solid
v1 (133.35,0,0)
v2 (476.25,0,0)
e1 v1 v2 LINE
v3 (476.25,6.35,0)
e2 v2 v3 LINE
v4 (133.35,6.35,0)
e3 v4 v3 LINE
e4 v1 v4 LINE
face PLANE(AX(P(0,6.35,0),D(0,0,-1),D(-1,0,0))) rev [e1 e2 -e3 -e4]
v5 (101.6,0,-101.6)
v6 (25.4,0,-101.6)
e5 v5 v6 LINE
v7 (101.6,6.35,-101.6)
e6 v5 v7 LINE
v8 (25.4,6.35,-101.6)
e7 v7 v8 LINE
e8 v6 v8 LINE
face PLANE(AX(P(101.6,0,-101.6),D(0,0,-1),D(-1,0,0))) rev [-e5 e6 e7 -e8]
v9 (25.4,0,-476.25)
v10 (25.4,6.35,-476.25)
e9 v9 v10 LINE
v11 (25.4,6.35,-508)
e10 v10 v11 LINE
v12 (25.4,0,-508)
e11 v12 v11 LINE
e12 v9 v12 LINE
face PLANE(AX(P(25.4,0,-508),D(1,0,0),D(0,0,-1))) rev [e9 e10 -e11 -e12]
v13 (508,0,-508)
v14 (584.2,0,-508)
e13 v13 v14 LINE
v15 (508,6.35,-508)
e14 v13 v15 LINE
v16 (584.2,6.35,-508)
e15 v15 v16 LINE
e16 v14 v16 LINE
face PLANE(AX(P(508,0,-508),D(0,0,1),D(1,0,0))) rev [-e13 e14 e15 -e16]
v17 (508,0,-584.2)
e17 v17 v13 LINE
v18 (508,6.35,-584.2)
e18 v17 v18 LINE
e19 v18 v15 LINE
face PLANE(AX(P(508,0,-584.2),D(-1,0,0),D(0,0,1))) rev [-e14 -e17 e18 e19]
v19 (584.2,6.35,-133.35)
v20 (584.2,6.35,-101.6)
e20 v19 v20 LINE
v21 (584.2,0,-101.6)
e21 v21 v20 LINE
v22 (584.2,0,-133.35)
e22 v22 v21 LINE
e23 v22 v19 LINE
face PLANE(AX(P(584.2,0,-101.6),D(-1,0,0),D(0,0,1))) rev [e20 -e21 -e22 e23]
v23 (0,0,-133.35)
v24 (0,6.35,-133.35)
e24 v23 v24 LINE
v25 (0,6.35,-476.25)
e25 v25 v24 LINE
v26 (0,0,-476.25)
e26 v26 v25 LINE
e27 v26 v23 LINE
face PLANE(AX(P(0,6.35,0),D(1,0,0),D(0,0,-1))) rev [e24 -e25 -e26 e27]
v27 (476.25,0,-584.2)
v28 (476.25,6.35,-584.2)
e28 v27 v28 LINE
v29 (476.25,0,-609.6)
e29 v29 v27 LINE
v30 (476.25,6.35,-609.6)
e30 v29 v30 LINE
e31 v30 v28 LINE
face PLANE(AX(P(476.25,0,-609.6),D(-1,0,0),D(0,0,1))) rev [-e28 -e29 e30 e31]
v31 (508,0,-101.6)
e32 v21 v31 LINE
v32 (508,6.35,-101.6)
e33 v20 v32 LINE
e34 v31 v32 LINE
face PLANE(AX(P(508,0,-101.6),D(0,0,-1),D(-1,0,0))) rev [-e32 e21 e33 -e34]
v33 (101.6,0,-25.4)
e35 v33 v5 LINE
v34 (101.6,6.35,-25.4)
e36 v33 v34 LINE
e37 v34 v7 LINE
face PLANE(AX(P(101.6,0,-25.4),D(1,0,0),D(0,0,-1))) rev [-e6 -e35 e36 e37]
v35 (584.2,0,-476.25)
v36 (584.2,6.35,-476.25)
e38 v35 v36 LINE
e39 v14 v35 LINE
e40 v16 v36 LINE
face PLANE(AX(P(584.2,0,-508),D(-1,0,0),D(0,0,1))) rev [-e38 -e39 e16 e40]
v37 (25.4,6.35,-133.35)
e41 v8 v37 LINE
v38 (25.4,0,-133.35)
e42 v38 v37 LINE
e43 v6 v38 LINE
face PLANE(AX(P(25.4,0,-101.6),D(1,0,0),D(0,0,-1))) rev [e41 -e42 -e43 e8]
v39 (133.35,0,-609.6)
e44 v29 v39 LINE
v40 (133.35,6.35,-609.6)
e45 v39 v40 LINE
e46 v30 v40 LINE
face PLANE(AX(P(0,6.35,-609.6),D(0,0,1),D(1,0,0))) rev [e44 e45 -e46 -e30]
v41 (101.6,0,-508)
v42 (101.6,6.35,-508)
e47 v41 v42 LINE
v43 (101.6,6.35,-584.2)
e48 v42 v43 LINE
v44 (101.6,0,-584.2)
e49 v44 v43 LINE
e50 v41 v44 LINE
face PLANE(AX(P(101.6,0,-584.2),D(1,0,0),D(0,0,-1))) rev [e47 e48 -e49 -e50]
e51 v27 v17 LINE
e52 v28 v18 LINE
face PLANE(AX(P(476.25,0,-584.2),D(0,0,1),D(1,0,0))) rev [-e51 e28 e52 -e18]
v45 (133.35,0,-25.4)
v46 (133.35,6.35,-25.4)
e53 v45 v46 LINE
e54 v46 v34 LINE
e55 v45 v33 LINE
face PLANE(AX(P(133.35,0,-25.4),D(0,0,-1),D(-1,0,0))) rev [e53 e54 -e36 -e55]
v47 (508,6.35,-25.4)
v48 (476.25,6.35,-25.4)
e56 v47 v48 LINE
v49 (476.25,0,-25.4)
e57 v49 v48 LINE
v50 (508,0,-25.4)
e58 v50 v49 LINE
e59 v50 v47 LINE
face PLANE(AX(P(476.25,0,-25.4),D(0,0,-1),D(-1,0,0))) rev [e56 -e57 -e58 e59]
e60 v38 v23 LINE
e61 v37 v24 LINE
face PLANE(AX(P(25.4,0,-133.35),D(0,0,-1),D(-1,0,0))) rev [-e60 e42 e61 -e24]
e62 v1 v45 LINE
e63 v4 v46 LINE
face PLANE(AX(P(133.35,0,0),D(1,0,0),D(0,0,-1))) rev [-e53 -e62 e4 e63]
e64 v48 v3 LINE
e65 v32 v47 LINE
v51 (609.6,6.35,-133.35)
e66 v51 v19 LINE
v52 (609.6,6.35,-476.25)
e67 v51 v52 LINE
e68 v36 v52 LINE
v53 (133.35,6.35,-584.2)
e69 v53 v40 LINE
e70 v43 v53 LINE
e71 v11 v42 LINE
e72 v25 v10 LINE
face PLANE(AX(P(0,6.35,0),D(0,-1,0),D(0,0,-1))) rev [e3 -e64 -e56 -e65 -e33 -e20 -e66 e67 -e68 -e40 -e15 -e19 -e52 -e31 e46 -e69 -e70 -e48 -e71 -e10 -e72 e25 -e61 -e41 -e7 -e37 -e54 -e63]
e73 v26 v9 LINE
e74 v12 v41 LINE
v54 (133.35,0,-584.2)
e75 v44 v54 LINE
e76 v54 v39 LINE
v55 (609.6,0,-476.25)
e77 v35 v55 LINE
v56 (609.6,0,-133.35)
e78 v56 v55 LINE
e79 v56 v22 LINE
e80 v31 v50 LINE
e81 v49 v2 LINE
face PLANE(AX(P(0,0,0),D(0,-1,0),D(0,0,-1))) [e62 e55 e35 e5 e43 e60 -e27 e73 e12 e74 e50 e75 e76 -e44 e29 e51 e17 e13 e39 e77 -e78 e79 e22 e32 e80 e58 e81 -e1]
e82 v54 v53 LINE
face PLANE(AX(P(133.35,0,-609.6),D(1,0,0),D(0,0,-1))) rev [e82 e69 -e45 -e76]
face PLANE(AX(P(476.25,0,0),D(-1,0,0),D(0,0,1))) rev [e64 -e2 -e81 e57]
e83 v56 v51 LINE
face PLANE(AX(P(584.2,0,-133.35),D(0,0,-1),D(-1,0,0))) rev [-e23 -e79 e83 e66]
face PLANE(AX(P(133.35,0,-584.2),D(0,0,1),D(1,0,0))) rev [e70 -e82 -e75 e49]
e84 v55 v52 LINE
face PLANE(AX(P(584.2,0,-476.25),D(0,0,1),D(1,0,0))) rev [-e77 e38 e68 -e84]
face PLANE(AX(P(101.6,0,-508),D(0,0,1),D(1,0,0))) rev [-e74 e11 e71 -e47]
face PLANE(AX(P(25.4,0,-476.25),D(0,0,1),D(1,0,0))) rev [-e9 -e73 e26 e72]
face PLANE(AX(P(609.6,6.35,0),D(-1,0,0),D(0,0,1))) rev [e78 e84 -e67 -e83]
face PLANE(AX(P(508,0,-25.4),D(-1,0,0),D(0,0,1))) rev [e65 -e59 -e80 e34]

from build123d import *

# Parameters (mm, degrees)
SKETCH1_W           = 609.6
SKETCH1_H           = 609.6
BOSS_EXTRUDE1_DEPTH = 6.35
CUT_EXTRUDE1_DEPTH  = 863.127973389


with BuildPart() as part:
    # Sketch1 → Boss-Extrude1 (new body)
    with BuildSketch(Plane(origin=(0, 0, 0), x_dir=(1, 0, 0), z_dir=(0, 1, 0))):
        with Locations((304.8, 304.8)):
            Rectangle(SKETCH1_W, SKETCH1_H)
    extrude(amount=BOSS_EXTRUDE1_DEPTH)

    # Sketch2 → Cut-Extrude1 (cut, through all)
    with BuildSketch(Plane(origin=(0, 6.35, 0), x_dir=(1, 0, 0), z_dir=(0, 1, 0))):
        Polygon((609.6, 0), (476.25, 0), (476.25, 25.4), (508, 25.4), (508, 101.6), (584.2, 101.6), (584.2, 133.35), (609.6, 133.35), align=None)
        Polygon((0, 133.35), (0, 0), (133.35, 0), (133.35, 25.4), (101.6, 25.4), (101.6, 101.6), (25.4, 101.6), (25.4, 133.35), align=None)
        Polygon((0, 609.6), (133.35, 609.6), (133.35, 584.2), (101.6, 584.2), (101.6, 508), (25.4, 508), (25.4, 476.25), (0, 476.25), align=None)
        Polygon((609.6, 476.25), (609.6, 609.6), (476.25, 609.6), (476.25, 584.2), (508, 584.2), (508, 508), (584.2, 508), (584.2, 476.25), align=None)
    extrude(amount=-CUT_EXTRUDE1_DEPTH, mode=Mode.SUBTRACT)


solid = part.part
